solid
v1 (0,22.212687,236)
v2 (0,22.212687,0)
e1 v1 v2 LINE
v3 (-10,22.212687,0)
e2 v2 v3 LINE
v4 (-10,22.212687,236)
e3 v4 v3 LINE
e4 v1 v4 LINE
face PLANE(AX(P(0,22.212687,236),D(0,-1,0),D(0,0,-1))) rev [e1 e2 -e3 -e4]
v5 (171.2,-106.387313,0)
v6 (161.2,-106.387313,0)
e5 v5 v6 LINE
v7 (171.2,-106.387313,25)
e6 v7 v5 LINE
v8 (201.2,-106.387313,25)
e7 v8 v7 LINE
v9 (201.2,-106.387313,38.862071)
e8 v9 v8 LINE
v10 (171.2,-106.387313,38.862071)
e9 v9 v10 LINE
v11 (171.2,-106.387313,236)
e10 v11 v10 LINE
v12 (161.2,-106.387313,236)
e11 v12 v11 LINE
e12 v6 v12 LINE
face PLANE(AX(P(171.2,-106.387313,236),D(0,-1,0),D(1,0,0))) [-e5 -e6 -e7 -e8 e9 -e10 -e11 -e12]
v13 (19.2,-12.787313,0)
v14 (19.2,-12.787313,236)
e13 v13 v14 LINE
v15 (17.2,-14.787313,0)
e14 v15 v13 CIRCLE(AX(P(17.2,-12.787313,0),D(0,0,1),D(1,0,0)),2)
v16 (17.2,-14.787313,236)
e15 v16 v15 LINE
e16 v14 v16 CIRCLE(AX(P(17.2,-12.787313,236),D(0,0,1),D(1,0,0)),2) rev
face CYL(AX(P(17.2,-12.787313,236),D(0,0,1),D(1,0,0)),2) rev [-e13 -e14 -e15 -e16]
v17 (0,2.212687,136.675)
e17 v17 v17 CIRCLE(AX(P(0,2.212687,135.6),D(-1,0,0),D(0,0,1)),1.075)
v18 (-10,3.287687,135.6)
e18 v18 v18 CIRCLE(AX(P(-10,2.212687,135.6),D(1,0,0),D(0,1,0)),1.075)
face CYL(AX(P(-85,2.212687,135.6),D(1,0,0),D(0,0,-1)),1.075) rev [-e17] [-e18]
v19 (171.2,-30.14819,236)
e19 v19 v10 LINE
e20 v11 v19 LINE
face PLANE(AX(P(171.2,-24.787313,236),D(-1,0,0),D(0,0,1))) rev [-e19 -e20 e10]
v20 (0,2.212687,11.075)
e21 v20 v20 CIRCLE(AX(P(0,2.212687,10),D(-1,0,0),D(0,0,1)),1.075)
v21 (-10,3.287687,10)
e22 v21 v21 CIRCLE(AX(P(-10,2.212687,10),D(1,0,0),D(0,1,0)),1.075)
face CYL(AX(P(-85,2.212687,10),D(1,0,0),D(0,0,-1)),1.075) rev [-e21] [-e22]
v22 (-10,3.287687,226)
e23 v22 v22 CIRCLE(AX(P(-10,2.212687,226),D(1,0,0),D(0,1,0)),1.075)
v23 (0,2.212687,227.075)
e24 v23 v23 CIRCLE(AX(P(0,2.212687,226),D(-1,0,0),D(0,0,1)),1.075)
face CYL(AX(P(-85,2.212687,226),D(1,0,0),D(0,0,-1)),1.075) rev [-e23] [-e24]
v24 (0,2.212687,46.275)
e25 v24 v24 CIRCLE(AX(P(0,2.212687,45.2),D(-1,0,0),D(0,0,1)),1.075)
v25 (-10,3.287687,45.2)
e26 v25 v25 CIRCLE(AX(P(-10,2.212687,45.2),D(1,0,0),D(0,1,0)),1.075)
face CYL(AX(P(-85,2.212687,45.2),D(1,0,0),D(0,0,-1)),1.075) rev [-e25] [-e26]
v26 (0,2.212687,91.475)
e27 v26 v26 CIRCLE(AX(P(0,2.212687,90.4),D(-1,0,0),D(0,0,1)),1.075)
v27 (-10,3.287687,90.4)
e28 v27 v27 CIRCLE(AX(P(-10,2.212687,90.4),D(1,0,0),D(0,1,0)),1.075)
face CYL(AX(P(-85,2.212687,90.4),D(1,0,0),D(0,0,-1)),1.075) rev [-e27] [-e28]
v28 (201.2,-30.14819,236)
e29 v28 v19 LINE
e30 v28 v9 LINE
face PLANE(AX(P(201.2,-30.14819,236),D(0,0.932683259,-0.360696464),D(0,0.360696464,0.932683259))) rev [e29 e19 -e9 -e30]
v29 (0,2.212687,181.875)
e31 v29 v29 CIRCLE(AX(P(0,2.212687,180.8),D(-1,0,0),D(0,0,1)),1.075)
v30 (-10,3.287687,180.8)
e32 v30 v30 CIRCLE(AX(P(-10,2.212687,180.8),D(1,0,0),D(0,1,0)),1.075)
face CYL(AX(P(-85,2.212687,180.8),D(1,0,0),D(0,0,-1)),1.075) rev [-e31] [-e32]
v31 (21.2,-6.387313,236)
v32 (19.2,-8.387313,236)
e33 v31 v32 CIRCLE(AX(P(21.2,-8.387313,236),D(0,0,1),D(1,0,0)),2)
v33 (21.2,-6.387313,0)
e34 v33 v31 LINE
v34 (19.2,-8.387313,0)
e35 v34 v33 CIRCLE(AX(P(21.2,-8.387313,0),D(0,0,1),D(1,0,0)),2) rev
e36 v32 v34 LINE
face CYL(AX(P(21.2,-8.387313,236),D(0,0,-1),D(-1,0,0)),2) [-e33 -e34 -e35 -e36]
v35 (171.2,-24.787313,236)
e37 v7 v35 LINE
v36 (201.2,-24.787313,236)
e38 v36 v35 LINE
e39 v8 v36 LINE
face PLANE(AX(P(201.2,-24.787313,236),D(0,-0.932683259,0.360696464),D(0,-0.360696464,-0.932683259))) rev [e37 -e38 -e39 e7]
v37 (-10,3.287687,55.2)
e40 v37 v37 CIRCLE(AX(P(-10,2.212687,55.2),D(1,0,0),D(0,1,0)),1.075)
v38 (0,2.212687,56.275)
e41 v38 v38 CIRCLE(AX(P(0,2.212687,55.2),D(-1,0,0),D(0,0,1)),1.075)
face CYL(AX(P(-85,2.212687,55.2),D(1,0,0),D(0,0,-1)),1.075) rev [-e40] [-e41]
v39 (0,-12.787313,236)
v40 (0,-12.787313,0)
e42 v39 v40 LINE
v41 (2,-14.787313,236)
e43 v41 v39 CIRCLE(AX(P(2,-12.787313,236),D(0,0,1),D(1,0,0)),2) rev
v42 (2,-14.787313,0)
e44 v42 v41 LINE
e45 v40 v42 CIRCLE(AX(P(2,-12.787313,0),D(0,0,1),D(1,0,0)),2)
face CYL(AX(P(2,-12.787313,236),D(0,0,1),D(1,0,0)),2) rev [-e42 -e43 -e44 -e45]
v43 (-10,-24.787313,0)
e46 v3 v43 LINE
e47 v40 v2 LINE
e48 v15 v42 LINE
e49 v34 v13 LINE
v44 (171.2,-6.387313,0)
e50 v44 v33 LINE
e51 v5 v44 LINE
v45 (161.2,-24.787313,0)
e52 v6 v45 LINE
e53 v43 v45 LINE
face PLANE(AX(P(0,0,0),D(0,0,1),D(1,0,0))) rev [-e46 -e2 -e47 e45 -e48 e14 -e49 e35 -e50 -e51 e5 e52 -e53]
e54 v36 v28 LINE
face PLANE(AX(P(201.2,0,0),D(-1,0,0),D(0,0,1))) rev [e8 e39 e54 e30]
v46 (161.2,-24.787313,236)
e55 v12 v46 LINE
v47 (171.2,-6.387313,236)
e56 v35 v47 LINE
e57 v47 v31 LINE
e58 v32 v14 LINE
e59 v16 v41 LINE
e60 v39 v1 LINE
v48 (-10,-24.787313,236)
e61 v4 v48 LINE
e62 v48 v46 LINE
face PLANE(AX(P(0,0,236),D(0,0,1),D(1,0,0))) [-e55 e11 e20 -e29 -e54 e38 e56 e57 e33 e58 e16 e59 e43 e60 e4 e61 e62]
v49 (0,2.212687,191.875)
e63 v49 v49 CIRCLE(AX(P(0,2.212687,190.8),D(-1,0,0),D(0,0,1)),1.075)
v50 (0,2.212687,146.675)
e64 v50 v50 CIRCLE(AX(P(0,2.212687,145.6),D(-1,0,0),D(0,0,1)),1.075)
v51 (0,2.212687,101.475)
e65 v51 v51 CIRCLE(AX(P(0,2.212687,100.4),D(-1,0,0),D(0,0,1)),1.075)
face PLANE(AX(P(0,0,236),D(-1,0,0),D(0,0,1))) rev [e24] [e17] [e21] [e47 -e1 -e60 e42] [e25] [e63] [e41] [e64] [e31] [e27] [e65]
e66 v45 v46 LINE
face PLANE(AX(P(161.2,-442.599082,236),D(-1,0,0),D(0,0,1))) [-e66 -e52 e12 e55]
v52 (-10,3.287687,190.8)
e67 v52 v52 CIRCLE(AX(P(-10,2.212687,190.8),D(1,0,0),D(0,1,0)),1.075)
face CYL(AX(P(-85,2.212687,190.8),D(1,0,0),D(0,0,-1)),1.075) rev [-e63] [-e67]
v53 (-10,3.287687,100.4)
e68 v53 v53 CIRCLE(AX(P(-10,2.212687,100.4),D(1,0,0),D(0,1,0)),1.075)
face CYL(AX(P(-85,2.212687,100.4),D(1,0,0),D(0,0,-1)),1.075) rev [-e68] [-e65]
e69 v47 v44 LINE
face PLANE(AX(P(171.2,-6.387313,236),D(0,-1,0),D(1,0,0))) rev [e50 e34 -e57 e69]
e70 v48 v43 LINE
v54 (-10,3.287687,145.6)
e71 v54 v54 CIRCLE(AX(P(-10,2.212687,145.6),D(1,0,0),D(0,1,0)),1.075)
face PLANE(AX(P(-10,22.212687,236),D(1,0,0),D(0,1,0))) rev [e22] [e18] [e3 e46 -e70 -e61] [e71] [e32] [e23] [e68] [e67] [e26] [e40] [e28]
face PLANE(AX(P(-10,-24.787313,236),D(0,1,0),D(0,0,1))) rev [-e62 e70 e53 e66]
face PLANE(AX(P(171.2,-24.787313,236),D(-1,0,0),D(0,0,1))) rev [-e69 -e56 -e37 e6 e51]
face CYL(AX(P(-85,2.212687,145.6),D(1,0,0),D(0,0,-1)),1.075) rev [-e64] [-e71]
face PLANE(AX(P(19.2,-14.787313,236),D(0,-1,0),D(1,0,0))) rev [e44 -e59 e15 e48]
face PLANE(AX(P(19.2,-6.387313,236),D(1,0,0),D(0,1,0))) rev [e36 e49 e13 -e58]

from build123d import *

# Parameters (mm, degrees)
BOSS_EXTRUDE1_DEPTH = 236
SKETCH5_R           = 1.075
CUT_EXTRUDE1_DEPTH  = 85
FILLET1_R           = 2
SKETCH7_W           = 10
SKETCH7_H           = 236
BOSS_EXTRUDE2_DEPTH = 100
BOSS_EXTRUDE3_DEPTH = 30


with BuildPart() as part:
    # Sketch2 → Boss-Extrude1 (new body)
    with BuildSketch(Plane.XY):
        Polygon((0, 0), (0, 22.212686922), (-10, 22.212686922), (-10, -24.787313078), (171.2, -24.787313078), (171.2, -6.387313078), (19.2, -6.387313078), (19.2, -14.787313078), (0, -14.787313078), align=None)
    extrude(amount=BOSS_EXTRUDE1_DEPTH)

    # Sketch5 → Cut-Extrude1 (cut, symmetric)
    with BuildSketch(Plane(origin=(0, 0, 0), x_dir=(0, 0, -1), z_dir=(1, 0, 0))):
        with Locations(Location((-10, 2.212686922, 0), (0, 0, 90))):
            Circle(SKETCH5_R)
        with Locations(Location((-45.2, 2.212686922, 0), (0, 0, 90))):
            Circle(SKETCH5_R)
        with Locations(Location((-55.2, 2.212686922, 0), (0, 0, 90))):
            Circle(SKETCH5_R)
        with Locations(Location((-90.4, 2.212686922, 0), (0, 0, 90))):
            Circle(SKETCH5_R)
        with Locations(Location((-100.4, 2.212686922, 0), (0, 0, 90))):
            Circle(SKETCH5_R)
        with Locations(Location((-135.6, 2.212686922, 0), (0, 0, 90))):
            Circle(SKETCH5_R)
        with Locations(Location((-145.6, 2.212686922, 0), (0, 0, 90))):
            Circle(SKETCH5_R)
        with Locations(Location((-180.8, 2.212686922, 0), (0, 0, 90))):
            Circle(SKETCH5_R)
        with Locations(Location((-190.8, 2.212686922, 0), (0, 0, 90))):
            Circle(SKETCH5_R)
        with Locations(Location((-226, 2.212686922, 0), (0, 0, 90))):
            Circle(SKETCH5_R)
    extrude(amount=CUT_EXTRUDE1_DEPTH, both=True, mode=Mode.SUBTRACT)

    # Fillet1
    fillet1_edges = [part.edges().sort_by_distance(p)[0] for p in [
        (0, -14.787313078, 118),
        (19.2, -14.787313078, 118),
        (19.2, -6.387313078, 118),
    ]]
    fillet(fillet1_edges, radius=FILLET1_R)

    # Sketch7 → Boss-Extrude2 (add)
    with BuildSketch(Plane(origin=(0, -6.387313078, 0), x_dir=(1, 0, 0), z_dir=(0, 1, 0))):
        with Locations((166.2, -118)):
            Rectangle(SKETCH7_W, SKETCH7_H)
    extrude(amount=-BOSS_EXTRUDE2_DEPTH)

    # Sketch8 → Boss-Extrude3 (add)
    with BuildSketch(Plane(origin=(171.2, 0, 0), x_dir=(0, 0, -1), z_dir=(1, 0, 0))):
        Polygon((-236, -24.787313078), (-236, -30.148189832), (-38.862071019, -106.387313078), (-25, -106.387313078), align=None)
    extrude(amount=BOSS_EXTRUDE3_DEPTH)


solid = part.part
